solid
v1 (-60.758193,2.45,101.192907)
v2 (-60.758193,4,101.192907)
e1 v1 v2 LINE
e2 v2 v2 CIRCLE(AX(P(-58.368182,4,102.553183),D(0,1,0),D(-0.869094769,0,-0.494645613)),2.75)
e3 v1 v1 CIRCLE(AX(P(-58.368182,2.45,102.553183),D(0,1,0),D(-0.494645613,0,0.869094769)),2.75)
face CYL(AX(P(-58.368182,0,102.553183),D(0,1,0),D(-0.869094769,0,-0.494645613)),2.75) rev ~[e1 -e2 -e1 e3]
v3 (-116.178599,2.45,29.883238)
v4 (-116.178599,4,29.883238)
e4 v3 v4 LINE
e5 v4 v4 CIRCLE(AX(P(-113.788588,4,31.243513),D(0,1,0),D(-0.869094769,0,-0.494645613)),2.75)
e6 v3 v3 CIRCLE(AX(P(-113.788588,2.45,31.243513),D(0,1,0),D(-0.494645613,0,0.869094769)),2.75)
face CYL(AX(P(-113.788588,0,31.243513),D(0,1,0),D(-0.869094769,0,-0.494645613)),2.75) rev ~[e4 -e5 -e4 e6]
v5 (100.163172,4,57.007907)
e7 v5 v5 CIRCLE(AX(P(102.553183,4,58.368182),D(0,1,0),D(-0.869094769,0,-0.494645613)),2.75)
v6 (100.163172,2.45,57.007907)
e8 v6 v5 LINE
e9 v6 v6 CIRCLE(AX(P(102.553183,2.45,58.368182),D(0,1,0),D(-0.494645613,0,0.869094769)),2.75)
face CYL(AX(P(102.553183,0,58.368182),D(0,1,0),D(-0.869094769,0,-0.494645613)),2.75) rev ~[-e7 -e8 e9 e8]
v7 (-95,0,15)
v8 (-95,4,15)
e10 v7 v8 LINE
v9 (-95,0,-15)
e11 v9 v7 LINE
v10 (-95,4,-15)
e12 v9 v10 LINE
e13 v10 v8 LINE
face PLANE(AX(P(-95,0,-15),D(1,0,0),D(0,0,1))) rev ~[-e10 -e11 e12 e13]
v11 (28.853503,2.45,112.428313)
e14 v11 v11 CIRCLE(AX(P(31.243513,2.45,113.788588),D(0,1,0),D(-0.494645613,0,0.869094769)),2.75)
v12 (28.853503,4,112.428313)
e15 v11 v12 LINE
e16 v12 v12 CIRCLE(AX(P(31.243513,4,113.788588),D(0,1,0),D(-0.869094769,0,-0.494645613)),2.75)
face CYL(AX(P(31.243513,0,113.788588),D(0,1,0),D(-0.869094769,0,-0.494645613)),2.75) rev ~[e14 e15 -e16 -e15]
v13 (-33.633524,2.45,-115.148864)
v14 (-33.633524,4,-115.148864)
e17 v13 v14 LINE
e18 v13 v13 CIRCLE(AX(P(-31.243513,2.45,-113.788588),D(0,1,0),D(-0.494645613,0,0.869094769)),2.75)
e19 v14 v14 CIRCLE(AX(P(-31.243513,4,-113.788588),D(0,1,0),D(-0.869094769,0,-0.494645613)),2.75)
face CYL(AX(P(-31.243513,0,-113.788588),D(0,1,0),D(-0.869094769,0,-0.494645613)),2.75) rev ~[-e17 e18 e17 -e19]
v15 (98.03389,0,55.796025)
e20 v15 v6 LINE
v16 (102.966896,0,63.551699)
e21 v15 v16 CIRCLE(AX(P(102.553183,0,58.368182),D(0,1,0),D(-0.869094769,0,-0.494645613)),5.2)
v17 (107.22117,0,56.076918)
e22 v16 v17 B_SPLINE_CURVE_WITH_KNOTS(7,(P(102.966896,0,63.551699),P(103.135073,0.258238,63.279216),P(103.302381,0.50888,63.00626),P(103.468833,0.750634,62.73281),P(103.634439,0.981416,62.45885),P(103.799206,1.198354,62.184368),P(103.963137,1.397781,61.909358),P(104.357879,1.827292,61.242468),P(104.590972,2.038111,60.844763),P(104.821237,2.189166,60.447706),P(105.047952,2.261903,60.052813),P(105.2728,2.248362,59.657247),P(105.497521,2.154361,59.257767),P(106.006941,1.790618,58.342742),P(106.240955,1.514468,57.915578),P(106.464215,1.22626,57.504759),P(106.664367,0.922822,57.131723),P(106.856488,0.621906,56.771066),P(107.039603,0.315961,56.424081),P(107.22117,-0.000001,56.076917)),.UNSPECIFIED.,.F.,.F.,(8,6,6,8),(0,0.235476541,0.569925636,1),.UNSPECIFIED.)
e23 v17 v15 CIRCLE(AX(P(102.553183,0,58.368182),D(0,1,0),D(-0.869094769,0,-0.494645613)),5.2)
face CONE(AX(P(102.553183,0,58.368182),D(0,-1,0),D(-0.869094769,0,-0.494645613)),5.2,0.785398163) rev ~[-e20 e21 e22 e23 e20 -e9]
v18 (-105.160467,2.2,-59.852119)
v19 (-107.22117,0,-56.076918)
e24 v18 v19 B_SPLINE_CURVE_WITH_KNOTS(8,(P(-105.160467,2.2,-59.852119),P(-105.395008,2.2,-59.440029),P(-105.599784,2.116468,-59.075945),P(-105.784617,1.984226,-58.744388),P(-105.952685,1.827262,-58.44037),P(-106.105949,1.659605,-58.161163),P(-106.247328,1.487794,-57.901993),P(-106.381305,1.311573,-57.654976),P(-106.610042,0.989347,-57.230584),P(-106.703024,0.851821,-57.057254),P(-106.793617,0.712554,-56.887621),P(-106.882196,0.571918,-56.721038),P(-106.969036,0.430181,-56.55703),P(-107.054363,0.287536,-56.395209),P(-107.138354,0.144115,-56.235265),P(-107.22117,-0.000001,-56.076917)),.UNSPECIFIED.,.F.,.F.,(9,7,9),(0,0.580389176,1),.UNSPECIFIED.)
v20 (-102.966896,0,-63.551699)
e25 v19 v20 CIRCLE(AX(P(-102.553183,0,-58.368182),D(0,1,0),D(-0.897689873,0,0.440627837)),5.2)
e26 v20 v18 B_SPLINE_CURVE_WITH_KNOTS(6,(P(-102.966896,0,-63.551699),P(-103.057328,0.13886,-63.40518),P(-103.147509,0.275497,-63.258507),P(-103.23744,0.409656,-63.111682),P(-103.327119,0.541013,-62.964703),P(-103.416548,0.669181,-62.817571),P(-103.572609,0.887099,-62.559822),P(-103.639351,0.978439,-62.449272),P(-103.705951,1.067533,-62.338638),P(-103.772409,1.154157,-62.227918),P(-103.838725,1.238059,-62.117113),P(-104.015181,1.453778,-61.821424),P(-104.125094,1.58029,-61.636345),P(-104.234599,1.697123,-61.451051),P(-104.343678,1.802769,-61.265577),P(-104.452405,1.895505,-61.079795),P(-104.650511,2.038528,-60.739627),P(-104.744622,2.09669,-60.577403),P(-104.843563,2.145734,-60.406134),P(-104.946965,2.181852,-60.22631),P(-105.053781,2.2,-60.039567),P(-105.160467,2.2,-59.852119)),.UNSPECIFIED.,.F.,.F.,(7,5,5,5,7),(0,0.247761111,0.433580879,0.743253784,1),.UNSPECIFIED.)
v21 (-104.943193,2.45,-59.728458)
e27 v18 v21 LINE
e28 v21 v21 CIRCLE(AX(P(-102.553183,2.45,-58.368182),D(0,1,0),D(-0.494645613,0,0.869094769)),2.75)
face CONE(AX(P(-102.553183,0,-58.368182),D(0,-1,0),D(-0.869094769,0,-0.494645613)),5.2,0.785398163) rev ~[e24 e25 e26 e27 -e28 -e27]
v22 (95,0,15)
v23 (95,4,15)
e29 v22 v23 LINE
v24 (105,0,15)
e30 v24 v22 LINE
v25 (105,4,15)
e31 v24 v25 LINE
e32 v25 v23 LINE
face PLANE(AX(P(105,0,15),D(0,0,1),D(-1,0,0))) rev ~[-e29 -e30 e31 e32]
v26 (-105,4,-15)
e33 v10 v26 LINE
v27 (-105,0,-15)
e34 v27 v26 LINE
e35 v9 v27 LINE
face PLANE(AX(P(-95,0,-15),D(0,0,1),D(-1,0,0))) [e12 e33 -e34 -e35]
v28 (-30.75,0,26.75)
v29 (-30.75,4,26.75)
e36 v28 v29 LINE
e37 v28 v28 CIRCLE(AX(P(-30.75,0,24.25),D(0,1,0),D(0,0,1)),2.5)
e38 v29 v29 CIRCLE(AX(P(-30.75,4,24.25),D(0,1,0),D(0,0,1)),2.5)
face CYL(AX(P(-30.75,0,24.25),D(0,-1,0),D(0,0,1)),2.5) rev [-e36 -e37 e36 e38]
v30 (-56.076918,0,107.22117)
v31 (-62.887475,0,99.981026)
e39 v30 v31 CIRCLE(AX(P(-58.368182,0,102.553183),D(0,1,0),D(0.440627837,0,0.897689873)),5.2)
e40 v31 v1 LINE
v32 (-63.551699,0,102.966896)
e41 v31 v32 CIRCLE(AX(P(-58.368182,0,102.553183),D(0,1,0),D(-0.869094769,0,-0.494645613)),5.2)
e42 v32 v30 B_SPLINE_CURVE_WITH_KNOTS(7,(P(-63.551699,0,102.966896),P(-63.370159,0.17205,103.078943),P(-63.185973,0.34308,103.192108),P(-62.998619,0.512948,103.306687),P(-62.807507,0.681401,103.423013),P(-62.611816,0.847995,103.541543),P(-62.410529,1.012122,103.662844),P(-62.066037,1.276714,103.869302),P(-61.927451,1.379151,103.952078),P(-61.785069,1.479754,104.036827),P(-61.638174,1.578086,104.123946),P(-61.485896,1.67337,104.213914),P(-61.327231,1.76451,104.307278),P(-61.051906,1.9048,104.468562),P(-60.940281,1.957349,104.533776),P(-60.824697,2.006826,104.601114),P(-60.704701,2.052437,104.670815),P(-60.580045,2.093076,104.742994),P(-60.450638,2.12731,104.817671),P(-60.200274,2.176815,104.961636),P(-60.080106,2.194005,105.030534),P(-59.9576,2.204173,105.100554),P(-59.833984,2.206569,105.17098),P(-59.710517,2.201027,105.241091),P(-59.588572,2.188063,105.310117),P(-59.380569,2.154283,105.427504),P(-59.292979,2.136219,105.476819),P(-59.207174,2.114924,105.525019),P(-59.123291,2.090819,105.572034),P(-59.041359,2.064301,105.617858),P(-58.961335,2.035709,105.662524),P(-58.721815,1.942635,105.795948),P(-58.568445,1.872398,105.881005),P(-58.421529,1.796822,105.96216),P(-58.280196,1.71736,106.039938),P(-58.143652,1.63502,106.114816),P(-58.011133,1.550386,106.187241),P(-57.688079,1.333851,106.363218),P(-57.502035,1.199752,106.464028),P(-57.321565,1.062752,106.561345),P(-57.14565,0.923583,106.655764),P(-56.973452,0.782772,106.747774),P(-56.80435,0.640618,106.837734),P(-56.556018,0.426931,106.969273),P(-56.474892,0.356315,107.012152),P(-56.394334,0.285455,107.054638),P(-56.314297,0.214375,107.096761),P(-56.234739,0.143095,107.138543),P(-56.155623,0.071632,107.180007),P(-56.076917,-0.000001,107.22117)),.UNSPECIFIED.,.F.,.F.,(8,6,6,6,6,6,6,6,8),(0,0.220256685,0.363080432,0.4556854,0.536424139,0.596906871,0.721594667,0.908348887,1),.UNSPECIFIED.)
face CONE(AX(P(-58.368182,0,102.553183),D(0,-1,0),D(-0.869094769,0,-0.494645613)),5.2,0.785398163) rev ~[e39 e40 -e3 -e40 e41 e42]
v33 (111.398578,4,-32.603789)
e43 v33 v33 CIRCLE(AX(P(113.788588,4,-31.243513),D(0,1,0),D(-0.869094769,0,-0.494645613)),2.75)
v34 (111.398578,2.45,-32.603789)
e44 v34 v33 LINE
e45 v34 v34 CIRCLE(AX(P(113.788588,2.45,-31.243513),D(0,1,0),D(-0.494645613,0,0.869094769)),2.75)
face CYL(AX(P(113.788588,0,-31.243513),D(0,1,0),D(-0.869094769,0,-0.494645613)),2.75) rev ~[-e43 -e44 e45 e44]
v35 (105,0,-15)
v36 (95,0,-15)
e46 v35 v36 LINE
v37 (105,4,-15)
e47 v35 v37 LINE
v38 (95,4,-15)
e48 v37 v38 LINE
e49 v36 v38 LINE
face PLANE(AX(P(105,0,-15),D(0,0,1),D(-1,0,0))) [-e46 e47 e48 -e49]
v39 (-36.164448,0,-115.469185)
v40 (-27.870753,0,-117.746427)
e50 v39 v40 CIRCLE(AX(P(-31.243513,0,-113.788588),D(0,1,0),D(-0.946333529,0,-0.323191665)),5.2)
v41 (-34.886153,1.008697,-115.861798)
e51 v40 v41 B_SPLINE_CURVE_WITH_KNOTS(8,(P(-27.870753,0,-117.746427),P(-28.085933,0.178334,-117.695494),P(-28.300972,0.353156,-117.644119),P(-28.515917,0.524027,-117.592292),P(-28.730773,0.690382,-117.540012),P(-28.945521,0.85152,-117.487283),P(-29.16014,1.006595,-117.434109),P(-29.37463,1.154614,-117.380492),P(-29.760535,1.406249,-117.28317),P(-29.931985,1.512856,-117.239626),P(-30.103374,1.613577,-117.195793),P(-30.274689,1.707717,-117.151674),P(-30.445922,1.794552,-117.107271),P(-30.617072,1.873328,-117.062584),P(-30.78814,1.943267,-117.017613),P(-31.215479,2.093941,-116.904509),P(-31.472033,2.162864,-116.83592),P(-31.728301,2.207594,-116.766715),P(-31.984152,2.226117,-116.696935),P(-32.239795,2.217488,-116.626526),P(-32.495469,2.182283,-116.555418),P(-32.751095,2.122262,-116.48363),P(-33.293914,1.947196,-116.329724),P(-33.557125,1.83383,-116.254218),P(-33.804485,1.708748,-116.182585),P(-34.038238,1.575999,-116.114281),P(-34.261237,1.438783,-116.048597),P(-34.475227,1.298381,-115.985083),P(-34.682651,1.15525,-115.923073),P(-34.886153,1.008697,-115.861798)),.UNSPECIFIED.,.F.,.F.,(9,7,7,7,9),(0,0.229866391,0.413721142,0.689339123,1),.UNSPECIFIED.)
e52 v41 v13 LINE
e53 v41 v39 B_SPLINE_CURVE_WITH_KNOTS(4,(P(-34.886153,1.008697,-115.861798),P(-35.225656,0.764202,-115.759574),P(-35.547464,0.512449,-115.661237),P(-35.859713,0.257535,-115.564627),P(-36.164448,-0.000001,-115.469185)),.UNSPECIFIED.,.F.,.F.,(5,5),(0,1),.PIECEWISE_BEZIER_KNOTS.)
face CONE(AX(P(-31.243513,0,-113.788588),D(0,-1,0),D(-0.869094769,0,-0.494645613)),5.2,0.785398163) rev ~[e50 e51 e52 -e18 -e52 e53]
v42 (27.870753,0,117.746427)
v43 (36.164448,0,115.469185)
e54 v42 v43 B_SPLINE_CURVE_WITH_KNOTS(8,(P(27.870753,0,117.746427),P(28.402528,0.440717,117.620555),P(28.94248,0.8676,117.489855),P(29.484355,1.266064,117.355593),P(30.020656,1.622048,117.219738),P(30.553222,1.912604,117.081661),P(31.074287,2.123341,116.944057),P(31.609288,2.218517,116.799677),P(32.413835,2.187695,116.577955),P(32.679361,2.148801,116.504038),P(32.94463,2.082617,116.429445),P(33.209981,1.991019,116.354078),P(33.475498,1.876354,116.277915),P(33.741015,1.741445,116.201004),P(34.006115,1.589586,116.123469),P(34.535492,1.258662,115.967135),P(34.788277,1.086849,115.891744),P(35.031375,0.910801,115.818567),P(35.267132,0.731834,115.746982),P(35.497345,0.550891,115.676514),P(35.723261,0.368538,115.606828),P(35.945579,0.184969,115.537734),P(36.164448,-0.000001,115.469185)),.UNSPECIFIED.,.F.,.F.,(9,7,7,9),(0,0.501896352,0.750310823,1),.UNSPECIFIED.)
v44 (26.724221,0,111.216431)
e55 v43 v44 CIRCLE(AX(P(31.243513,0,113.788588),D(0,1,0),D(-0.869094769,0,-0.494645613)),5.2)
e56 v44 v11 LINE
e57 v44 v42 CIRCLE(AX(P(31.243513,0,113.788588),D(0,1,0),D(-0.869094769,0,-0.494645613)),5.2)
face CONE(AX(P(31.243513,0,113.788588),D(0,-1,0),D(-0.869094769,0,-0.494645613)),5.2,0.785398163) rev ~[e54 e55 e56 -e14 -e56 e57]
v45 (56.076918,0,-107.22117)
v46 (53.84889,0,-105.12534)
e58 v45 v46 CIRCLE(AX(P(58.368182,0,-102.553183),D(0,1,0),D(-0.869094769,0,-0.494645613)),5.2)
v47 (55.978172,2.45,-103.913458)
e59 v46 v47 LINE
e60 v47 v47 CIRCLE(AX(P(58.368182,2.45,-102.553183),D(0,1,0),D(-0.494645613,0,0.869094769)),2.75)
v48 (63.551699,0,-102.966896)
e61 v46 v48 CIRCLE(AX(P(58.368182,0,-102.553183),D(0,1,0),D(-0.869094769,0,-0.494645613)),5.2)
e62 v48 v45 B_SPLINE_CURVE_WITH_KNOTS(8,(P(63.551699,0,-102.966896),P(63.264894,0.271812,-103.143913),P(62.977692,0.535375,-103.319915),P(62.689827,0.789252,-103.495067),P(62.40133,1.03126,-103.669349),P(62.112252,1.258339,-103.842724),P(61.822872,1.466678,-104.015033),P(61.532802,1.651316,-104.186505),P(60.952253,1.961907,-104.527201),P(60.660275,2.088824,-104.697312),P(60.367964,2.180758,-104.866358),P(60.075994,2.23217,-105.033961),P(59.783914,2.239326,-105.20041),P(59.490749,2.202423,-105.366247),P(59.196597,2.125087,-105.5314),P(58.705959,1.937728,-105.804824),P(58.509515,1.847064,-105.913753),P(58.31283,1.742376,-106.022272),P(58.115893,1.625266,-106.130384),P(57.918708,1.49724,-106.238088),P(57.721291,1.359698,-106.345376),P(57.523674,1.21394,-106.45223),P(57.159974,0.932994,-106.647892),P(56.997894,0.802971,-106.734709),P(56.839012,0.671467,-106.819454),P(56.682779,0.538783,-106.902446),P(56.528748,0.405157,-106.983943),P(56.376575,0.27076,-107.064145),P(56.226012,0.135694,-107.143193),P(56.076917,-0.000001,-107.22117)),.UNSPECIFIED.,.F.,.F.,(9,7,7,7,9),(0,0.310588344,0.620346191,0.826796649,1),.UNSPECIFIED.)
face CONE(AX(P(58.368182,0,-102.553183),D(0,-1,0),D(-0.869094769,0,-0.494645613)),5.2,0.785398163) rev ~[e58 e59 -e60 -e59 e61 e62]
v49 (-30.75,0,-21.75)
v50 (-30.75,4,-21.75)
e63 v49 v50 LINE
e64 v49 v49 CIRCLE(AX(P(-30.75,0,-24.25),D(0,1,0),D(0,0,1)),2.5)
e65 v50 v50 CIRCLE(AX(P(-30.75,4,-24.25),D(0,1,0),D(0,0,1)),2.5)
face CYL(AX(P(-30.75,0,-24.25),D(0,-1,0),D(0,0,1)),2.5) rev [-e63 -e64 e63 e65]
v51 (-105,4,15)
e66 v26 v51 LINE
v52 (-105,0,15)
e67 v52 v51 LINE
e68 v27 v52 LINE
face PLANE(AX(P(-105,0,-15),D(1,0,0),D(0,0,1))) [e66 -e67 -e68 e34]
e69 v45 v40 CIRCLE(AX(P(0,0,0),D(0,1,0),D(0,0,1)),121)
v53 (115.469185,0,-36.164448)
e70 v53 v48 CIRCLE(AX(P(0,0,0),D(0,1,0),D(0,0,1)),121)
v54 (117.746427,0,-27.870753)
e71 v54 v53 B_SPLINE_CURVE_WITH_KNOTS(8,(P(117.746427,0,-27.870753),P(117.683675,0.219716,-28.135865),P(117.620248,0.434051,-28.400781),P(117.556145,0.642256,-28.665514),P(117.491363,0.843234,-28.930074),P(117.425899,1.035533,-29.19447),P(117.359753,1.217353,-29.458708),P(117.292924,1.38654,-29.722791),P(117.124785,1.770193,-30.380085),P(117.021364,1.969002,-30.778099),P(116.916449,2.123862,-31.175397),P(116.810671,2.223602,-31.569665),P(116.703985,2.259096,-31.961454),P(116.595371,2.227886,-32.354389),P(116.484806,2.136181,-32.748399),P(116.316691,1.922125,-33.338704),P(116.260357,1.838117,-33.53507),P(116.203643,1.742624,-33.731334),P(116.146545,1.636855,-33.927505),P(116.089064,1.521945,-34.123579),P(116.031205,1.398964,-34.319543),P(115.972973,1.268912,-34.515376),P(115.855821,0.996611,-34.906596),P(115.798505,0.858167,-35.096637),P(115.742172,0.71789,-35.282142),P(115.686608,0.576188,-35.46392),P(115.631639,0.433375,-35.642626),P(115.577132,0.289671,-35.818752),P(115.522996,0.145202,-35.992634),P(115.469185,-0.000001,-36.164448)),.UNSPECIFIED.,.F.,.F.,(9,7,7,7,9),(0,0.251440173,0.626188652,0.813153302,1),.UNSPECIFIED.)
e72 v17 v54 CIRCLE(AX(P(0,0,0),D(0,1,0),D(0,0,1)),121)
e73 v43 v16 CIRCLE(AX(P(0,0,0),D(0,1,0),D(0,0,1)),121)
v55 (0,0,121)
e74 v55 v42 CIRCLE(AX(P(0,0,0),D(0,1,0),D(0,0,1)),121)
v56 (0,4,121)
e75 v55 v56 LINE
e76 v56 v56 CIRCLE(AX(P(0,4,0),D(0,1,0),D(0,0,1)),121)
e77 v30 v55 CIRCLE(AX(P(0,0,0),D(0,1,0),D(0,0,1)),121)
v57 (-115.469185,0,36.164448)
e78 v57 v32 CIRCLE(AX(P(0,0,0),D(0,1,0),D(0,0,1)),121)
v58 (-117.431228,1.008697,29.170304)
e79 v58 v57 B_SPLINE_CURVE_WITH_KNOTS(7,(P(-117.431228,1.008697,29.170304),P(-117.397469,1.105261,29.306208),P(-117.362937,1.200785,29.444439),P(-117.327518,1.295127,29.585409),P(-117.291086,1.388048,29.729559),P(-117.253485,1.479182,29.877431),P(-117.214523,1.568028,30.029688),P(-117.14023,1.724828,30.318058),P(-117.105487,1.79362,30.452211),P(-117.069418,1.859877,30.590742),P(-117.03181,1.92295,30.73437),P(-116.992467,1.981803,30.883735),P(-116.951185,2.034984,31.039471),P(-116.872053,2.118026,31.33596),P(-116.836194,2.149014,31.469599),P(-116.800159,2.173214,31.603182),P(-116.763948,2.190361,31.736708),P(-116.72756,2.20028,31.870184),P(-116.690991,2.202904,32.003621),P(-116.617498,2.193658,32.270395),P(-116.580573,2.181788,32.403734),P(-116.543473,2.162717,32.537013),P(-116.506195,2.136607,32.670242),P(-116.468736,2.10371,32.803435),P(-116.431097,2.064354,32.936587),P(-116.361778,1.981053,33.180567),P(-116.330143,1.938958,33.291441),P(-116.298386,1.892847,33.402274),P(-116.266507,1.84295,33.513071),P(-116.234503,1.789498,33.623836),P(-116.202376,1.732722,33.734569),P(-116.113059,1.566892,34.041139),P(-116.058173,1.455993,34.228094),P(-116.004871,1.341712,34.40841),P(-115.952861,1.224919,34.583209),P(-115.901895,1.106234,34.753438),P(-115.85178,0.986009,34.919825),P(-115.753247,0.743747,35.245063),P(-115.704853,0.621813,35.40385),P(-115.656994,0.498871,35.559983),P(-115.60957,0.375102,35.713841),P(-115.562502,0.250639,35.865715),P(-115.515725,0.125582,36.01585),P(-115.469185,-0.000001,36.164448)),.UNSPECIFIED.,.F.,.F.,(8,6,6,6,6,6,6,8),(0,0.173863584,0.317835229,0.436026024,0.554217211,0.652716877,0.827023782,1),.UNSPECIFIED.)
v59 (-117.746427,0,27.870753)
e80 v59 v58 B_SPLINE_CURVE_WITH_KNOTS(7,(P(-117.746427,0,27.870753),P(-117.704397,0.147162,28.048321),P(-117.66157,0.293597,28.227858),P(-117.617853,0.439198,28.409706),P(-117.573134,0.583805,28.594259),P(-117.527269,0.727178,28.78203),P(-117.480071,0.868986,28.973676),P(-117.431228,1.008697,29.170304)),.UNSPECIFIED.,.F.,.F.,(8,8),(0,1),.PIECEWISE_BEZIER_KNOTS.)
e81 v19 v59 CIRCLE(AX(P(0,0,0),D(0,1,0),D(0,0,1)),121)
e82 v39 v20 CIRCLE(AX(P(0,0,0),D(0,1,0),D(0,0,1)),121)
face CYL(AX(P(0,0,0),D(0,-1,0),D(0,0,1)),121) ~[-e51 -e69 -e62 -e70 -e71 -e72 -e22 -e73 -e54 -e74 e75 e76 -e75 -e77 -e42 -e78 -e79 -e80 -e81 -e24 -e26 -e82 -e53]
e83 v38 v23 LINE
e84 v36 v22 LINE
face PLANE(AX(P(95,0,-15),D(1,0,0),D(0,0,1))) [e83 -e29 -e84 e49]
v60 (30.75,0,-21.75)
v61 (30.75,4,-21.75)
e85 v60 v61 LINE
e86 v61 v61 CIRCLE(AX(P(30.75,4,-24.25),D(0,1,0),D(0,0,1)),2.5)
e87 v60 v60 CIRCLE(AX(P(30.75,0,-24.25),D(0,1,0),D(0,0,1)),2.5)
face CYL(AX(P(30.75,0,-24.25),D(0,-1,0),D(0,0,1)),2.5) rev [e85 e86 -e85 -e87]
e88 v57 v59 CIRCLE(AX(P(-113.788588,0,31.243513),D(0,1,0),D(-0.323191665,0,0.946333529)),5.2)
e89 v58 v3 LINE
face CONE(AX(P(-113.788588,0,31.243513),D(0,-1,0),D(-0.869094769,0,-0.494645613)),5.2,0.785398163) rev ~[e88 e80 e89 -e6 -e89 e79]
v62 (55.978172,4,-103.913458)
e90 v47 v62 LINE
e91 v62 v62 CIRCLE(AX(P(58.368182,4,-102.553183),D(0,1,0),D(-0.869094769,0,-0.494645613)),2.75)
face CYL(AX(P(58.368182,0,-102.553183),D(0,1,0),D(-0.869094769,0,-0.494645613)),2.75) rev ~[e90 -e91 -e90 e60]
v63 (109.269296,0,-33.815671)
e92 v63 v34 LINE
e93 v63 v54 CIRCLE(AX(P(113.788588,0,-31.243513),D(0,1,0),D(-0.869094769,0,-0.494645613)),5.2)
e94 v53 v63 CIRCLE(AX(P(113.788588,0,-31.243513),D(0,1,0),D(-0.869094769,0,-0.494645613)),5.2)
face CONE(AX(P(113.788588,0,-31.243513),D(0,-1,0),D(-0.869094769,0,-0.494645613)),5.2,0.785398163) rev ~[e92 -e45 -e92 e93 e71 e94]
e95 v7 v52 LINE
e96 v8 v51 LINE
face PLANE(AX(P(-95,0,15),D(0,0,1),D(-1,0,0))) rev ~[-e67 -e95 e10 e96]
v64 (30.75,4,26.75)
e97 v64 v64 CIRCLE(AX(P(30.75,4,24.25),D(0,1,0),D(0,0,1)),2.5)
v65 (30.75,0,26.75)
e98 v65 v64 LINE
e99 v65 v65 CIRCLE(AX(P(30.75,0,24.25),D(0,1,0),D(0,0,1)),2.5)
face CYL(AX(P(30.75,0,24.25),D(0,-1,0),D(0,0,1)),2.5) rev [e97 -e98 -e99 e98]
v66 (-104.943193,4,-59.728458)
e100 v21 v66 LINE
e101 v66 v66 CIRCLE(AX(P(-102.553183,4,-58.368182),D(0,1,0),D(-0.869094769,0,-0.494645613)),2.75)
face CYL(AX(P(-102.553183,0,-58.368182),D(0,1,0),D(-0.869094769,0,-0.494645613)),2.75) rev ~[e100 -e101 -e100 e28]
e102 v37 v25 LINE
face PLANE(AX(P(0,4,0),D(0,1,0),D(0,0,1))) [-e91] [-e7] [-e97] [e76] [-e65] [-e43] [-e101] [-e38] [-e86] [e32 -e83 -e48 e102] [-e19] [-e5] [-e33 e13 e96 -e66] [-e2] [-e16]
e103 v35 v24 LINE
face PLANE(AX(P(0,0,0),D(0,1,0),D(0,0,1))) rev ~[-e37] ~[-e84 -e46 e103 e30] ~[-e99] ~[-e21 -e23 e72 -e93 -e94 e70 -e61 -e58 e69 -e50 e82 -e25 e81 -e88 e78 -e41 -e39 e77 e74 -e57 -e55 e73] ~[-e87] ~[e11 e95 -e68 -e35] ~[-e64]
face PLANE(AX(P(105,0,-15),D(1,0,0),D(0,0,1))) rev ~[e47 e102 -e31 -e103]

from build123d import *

# Parameters (mm, degrees)
BOTTOM_R                    = 121
BOTTOM_R_2                  = 2.5
BOTTOM_W                    = 10
BOTTOM_H                    = 30
BOTTOM_EXTRUDE_DEPTH        = 4
HOLE_WIZARD_827_D           = 5.5
HOLE_WIZARD_827_DEPTH       = 20
HOLE_WIZARD_827_CSINK_D     = 10.4
HOLE_WIZARD_827_CSINK_ANGLE = 90
HOLE_WIZARD_827_TIP         = 1.652366702


with BuildPart() as part:
    # Bottom → Bottom-Extrude (new body)
    with BuildSketch(Plane(origin=(0, 0, 0), x_dir=(-1, 0, 0), z_dir=(0, 1, 0))):
        with Locations(Location((0, 0, 0), (0, 0, 90))):
            Circle(BOTTOM_R)
        with Locations(Location((-30.75, -24.25, 0), (0, 0, 90))):
            Circle(BOTTOM_R_2, mode=Mode.SUBTRACT)
        with Locations(Location((30.75, -24.25, 0), (0, 0, 90))):
            Circle(BOTTOM_R_2, mode=Mode.SUBTRACT)
        with Locations(Location((30.75, 24.25, 0), (0, 0, 90))):
            Circle(BOTTOM_R_2, mode=Mode.SUBTRACT)
        with Locations(Location((-30.75, 24.25, 0), (0, 0, 90))):
            Circle(BOTTOM_R_2, mode=Mode.SUBTRACT)
        with Locations((100, 0)):
            Rectangle(BOTTOM_W, BOTTOM_H, mode=Mode.SUBTRACT)
        with Locations((-100, 0)):
            Rectangle(BOTTOM_W, BOTTOM_H, mode=Mode.SUBTRACT)
    extrude(amount=BOTTOM_EXTRUDE_DEPTH)

    # Hole Wizard 827
    with Locations(Plane(origin=(-40.138590538, 0, -6.235728401), x_dir=(0.8690947690911651, 0, 0.49464561287691045), z_dir=(0, -1, 0))):
        with Locations((-45.469885408, -97.873538962), (-80.031285228, -14.434938782), (-45.469885408, 69.003661398), (37.968714772, 103.565061218), (121.407314952, 69.003661398), (155.968714772, -14.434938782), (121.407314952, -97.873538962), (37.968714772, -132.434938782)):
            CounterSinkHole(HOLE_WIZARD_827_D / 2, HOLE_WIZARD_827_CSINK_D / 2, depth=HOLE_WIZARD_827_DEPTH, counter_sink_angle=HOLE_WIZARD_827_CSINK_ANGLE)
            with Locations((0, 0, -(HOLE_WIZARD_827_DEPTH + HOLE_WIZARD_827_TIP / 2))):  # 118° drill point
                Cone(0, HOLE_WIZARD_827_D / 2, HOLE_WIZARD_827_TIP, mode=Mode.SUBTRACT)


solid = part.part
